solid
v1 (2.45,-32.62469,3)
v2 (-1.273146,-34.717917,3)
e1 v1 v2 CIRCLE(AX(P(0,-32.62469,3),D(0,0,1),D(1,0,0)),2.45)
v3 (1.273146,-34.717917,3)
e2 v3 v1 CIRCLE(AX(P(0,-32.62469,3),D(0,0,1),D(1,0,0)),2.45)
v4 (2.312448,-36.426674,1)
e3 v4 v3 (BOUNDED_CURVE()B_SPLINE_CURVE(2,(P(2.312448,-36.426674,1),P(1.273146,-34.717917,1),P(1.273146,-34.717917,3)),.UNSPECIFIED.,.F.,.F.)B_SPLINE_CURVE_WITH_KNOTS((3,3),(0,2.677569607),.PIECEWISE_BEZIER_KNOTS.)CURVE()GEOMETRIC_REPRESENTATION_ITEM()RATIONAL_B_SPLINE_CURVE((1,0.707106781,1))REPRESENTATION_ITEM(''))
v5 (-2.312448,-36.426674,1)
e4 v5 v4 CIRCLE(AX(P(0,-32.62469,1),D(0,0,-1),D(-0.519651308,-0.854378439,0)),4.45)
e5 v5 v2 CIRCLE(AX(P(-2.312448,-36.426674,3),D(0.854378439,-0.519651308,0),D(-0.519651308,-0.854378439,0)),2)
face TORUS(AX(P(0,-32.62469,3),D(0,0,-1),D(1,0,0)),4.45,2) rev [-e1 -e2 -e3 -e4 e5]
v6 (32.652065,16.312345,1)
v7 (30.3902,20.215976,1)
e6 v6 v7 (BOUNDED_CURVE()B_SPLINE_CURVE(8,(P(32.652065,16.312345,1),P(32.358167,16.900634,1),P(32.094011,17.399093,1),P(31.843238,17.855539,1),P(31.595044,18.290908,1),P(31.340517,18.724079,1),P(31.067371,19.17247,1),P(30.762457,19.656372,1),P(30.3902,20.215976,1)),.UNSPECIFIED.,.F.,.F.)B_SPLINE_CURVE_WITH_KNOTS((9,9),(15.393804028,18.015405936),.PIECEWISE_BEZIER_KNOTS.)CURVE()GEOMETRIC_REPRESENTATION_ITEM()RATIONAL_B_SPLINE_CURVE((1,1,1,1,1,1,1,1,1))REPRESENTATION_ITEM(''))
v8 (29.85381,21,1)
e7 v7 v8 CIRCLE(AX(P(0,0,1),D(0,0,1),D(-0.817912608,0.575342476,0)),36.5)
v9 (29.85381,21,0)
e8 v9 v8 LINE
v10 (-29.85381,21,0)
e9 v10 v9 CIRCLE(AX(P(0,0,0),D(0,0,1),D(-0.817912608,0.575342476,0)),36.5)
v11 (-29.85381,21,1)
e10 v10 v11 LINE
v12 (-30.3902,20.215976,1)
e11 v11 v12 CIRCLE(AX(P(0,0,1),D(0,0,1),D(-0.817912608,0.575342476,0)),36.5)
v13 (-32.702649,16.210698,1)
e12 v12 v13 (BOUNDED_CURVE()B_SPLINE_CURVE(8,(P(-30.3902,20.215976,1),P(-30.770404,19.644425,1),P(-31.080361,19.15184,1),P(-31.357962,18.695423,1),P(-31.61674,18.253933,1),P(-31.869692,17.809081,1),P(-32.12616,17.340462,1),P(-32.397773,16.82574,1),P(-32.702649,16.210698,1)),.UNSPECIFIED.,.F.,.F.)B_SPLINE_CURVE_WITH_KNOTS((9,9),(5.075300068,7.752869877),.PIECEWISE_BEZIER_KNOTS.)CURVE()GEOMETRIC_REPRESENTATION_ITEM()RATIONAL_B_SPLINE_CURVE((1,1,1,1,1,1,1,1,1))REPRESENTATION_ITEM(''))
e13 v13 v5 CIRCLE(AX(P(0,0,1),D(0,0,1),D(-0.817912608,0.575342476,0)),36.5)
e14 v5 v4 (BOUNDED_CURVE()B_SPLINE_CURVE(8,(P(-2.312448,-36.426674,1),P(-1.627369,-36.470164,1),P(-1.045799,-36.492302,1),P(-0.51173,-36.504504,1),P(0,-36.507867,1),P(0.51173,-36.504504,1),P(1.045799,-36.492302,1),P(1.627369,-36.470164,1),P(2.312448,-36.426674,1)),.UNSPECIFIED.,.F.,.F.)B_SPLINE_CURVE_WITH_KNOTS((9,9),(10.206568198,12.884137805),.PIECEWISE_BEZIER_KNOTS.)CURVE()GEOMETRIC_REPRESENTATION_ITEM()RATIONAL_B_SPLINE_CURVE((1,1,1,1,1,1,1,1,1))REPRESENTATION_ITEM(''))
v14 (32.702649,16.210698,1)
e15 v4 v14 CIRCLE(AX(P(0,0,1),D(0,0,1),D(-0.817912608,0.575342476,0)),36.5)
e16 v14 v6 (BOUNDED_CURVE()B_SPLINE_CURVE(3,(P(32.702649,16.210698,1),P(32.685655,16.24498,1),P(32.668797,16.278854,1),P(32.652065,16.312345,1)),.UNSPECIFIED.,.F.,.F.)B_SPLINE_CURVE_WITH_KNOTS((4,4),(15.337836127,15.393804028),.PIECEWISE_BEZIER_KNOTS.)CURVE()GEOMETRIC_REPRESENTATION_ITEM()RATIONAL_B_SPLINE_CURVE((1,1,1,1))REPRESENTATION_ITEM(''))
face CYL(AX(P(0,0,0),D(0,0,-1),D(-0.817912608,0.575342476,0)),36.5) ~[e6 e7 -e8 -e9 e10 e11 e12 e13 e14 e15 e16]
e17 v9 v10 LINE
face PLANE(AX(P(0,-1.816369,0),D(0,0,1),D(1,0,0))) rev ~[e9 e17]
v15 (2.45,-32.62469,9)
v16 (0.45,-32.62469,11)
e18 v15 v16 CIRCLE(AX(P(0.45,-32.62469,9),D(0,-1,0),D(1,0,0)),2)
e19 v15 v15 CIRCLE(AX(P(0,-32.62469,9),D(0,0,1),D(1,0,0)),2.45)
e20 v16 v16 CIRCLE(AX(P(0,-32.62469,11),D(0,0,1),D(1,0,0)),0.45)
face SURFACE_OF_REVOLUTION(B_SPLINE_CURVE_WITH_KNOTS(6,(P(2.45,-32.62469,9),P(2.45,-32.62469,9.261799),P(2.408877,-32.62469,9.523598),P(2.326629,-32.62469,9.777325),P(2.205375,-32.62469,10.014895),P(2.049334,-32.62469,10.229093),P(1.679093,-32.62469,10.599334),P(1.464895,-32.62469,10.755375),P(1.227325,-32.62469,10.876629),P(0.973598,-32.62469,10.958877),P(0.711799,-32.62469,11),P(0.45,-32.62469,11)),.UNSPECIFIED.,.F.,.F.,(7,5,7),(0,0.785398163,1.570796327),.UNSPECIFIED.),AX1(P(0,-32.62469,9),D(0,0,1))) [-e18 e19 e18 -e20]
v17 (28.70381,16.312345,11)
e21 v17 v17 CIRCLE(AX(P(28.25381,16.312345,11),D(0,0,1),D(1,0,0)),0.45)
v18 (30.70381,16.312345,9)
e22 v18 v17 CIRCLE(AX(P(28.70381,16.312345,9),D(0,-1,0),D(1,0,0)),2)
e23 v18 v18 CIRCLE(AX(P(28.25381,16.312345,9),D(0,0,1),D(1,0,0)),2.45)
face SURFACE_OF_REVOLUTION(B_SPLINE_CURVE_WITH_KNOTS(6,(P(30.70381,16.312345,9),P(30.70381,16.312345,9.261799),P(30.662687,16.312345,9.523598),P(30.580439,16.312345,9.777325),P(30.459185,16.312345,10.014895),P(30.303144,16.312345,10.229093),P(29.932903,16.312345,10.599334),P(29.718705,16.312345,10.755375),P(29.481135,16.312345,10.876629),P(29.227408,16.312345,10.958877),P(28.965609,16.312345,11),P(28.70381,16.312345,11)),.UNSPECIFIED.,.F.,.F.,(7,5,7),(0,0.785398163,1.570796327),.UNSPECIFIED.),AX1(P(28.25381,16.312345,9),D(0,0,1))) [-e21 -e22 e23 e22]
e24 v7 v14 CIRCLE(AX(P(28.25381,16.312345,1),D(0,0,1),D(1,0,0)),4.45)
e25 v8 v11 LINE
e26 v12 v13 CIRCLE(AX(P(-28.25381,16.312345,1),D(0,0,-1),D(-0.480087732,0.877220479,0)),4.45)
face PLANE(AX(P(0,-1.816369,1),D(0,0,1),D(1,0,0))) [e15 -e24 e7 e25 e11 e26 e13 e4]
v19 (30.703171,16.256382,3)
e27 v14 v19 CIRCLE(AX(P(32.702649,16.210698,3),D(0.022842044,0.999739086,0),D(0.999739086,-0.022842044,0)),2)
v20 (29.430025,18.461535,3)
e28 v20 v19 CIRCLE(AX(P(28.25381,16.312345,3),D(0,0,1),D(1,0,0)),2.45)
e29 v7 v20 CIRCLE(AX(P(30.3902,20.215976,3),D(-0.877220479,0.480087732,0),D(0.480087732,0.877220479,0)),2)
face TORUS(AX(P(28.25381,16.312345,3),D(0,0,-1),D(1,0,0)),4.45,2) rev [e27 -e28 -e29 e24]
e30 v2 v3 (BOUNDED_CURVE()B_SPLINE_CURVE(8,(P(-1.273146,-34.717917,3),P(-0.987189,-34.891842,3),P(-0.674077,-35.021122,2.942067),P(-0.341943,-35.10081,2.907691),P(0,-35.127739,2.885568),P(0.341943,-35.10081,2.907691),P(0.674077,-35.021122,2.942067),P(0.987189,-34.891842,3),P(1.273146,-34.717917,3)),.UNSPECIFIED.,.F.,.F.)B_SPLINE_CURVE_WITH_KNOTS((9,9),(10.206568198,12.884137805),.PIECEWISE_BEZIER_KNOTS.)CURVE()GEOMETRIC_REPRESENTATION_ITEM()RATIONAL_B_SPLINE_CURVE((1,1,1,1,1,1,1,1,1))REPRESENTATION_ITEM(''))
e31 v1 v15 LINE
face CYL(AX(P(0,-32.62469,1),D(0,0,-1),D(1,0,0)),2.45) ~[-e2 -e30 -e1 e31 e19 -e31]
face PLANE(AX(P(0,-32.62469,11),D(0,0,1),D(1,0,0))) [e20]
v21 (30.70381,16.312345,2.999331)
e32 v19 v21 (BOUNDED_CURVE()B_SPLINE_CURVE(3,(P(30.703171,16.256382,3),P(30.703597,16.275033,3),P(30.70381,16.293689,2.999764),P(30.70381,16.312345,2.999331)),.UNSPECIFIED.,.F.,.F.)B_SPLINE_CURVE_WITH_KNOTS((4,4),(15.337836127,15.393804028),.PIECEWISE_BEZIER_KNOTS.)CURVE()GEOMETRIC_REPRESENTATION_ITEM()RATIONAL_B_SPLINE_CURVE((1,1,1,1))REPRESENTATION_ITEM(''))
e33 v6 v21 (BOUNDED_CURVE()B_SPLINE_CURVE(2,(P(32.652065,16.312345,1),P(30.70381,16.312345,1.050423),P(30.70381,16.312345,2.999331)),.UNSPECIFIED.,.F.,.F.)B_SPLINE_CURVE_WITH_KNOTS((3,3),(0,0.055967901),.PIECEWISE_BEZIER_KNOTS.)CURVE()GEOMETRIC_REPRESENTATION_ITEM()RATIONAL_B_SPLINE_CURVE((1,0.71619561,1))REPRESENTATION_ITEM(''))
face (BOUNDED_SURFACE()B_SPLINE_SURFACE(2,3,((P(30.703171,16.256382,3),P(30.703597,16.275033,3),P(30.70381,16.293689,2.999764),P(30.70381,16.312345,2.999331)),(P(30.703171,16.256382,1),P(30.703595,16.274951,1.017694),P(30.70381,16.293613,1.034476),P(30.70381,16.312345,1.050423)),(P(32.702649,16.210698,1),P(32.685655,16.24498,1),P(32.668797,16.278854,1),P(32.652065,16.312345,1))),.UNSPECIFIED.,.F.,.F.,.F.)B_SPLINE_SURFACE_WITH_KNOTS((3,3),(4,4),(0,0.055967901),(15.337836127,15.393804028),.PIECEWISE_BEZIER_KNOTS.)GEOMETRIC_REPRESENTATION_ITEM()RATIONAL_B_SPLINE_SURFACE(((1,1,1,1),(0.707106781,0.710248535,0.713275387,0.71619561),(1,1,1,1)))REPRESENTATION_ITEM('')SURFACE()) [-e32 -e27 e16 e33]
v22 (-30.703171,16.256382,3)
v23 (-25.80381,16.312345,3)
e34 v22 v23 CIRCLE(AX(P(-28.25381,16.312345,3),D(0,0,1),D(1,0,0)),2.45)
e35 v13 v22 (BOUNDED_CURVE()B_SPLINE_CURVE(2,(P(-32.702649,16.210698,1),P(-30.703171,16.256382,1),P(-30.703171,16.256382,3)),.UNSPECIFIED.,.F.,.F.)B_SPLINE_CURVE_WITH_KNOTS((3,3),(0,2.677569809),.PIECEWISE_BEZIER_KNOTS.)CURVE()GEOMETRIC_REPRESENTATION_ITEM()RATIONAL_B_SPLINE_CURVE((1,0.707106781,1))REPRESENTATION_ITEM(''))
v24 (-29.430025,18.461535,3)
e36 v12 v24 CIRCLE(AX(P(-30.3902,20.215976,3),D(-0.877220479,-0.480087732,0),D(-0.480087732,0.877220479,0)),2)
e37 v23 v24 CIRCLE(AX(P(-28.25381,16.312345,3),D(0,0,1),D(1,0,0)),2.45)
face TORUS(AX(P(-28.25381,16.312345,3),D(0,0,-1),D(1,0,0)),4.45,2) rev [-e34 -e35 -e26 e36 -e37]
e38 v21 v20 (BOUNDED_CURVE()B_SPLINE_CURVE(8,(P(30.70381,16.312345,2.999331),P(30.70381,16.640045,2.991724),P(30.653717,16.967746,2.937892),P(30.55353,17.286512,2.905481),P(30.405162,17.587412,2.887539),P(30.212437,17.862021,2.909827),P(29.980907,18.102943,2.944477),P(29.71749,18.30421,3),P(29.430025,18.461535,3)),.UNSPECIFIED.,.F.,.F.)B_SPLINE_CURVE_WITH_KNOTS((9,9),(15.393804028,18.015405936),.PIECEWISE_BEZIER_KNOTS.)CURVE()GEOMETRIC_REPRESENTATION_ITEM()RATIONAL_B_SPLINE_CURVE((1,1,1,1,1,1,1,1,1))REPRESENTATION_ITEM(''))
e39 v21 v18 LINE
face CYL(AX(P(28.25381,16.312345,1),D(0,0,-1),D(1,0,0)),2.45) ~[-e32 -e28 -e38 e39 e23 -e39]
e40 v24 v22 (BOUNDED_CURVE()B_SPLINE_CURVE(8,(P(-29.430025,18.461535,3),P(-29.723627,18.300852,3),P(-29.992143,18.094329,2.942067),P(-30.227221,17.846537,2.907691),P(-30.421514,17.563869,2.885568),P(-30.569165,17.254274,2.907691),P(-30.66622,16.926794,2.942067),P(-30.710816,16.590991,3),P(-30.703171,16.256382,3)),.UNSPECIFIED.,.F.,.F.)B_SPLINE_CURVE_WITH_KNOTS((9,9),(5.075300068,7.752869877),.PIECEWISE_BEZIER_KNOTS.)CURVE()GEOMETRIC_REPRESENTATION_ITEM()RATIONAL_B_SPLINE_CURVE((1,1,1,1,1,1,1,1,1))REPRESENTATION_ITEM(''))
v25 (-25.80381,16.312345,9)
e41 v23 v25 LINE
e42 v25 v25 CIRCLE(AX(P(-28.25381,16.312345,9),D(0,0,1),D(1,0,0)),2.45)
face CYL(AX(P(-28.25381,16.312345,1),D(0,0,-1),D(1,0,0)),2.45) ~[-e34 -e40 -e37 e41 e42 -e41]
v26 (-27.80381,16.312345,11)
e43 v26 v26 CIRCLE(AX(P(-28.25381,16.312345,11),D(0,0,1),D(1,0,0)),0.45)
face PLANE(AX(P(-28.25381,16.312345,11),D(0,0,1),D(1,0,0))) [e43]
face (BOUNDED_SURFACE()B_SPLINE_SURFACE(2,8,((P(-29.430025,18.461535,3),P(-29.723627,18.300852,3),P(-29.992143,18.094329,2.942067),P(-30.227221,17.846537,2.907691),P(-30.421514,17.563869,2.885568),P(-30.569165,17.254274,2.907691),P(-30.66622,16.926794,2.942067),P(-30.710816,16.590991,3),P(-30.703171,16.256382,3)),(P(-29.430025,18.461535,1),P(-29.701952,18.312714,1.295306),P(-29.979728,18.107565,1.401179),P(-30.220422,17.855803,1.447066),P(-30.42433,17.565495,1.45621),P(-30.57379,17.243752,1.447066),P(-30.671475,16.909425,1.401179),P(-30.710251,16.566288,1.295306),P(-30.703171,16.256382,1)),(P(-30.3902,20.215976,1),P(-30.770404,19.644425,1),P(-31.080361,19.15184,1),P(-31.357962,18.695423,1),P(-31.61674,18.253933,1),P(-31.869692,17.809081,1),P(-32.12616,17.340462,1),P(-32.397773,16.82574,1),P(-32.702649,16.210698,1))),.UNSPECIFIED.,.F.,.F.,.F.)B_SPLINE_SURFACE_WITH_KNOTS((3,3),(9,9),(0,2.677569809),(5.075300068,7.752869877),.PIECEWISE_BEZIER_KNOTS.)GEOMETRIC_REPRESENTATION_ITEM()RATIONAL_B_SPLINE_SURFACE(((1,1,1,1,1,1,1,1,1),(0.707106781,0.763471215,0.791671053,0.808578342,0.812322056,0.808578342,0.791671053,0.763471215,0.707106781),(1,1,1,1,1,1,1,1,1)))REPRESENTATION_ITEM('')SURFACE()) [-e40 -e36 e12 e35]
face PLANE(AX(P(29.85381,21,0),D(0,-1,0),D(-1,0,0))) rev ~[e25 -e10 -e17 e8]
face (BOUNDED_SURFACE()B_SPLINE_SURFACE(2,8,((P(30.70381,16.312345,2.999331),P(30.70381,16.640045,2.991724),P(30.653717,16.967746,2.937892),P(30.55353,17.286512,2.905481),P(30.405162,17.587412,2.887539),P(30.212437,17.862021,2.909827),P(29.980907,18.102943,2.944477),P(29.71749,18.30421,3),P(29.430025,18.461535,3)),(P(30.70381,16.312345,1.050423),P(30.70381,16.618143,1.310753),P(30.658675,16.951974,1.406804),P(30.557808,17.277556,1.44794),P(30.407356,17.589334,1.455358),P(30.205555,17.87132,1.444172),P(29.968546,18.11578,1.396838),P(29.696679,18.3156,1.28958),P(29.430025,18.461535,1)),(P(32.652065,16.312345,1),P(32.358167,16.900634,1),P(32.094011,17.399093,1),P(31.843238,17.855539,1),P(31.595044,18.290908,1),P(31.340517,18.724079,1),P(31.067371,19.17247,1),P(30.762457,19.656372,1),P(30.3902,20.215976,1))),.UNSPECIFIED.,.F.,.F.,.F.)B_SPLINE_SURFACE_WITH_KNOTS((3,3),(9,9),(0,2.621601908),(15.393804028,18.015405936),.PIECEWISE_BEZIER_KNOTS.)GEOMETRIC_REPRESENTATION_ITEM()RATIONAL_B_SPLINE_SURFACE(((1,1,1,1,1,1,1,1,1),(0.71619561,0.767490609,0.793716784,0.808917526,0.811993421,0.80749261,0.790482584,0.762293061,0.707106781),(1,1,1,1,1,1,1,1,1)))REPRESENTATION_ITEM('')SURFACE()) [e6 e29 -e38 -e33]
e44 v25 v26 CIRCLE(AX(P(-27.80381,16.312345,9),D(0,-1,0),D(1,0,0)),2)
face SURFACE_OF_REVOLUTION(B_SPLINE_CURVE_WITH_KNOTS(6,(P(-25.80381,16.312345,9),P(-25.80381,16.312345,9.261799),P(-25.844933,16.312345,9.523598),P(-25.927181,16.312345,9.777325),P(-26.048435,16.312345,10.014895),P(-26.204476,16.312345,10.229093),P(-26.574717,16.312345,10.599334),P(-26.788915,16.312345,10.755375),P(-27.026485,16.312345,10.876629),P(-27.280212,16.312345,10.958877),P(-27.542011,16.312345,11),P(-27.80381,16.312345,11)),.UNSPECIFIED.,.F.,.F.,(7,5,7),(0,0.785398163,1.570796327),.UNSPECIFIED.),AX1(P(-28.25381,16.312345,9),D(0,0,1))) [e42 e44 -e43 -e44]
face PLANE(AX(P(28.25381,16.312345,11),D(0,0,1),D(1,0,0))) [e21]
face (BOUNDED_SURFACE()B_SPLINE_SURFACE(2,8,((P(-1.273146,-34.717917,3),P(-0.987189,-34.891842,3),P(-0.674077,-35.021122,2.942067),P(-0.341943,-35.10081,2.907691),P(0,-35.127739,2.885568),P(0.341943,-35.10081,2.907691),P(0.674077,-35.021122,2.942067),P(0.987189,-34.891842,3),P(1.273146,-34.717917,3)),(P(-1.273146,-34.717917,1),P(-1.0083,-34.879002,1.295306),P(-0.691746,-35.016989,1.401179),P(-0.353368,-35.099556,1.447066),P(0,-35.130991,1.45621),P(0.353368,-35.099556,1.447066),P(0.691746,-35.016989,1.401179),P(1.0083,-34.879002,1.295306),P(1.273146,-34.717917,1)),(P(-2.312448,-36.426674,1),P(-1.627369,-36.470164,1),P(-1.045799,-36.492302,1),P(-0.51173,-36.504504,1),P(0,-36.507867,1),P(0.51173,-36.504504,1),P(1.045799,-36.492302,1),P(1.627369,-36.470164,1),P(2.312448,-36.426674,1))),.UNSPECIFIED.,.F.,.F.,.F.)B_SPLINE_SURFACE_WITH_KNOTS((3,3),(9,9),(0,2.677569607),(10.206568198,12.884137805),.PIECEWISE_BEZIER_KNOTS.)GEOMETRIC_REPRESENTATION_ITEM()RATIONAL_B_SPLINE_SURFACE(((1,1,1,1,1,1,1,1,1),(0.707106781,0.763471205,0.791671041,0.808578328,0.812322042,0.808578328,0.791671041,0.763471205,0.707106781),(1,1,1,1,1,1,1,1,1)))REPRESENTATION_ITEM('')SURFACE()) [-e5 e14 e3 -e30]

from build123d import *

# Parameters (mm, degrees)
F1_DEPTH = 1
F2_R     = 2.45
F3_DEPTH = 10
F4_R     = 2


with BuildPart() as f1:
    # F0 (on Top) → F1 (new body)
    with BuildSketch(Plane.XY):
        with BuildLine():
            Line((29.85381, 21), (-29.85381, 21))
            ThreePointArc((-29.85381, 21), (0, -36.5), (29.85381, 21))
        make_face()
    extrude(amount=F1_DEPTH)

    # F2 (on face) → F3 (join)
    with BuildSketch(Plane.XY.offset(1)):
        with Locations((-28.25381, 16.312345)):
            Circle(F2_R)
        with Locations((28.25381, 16.312345)):
            Circle(F2_R)
        with Locations((0, -32.62469)):
            Circle(F2_R)
    extrude(amount=F3_DEPTH)

    # F4
    f4_edges = [f1.edges().sort_by_distance(p)[0] for p in [
        (-30.70381, 16.312345, 11),
        (25.80381, 16.312345, 11),
        (-2.45, -32.62469, 11),
        (-30.70381, 16.312345, 1),
        (25.80381, 16.312345, 1),
        (-2.45, -32.62469, 1),
    ]]
    fillet(f4_edges, radius=F4_R)


solid = f1.part
